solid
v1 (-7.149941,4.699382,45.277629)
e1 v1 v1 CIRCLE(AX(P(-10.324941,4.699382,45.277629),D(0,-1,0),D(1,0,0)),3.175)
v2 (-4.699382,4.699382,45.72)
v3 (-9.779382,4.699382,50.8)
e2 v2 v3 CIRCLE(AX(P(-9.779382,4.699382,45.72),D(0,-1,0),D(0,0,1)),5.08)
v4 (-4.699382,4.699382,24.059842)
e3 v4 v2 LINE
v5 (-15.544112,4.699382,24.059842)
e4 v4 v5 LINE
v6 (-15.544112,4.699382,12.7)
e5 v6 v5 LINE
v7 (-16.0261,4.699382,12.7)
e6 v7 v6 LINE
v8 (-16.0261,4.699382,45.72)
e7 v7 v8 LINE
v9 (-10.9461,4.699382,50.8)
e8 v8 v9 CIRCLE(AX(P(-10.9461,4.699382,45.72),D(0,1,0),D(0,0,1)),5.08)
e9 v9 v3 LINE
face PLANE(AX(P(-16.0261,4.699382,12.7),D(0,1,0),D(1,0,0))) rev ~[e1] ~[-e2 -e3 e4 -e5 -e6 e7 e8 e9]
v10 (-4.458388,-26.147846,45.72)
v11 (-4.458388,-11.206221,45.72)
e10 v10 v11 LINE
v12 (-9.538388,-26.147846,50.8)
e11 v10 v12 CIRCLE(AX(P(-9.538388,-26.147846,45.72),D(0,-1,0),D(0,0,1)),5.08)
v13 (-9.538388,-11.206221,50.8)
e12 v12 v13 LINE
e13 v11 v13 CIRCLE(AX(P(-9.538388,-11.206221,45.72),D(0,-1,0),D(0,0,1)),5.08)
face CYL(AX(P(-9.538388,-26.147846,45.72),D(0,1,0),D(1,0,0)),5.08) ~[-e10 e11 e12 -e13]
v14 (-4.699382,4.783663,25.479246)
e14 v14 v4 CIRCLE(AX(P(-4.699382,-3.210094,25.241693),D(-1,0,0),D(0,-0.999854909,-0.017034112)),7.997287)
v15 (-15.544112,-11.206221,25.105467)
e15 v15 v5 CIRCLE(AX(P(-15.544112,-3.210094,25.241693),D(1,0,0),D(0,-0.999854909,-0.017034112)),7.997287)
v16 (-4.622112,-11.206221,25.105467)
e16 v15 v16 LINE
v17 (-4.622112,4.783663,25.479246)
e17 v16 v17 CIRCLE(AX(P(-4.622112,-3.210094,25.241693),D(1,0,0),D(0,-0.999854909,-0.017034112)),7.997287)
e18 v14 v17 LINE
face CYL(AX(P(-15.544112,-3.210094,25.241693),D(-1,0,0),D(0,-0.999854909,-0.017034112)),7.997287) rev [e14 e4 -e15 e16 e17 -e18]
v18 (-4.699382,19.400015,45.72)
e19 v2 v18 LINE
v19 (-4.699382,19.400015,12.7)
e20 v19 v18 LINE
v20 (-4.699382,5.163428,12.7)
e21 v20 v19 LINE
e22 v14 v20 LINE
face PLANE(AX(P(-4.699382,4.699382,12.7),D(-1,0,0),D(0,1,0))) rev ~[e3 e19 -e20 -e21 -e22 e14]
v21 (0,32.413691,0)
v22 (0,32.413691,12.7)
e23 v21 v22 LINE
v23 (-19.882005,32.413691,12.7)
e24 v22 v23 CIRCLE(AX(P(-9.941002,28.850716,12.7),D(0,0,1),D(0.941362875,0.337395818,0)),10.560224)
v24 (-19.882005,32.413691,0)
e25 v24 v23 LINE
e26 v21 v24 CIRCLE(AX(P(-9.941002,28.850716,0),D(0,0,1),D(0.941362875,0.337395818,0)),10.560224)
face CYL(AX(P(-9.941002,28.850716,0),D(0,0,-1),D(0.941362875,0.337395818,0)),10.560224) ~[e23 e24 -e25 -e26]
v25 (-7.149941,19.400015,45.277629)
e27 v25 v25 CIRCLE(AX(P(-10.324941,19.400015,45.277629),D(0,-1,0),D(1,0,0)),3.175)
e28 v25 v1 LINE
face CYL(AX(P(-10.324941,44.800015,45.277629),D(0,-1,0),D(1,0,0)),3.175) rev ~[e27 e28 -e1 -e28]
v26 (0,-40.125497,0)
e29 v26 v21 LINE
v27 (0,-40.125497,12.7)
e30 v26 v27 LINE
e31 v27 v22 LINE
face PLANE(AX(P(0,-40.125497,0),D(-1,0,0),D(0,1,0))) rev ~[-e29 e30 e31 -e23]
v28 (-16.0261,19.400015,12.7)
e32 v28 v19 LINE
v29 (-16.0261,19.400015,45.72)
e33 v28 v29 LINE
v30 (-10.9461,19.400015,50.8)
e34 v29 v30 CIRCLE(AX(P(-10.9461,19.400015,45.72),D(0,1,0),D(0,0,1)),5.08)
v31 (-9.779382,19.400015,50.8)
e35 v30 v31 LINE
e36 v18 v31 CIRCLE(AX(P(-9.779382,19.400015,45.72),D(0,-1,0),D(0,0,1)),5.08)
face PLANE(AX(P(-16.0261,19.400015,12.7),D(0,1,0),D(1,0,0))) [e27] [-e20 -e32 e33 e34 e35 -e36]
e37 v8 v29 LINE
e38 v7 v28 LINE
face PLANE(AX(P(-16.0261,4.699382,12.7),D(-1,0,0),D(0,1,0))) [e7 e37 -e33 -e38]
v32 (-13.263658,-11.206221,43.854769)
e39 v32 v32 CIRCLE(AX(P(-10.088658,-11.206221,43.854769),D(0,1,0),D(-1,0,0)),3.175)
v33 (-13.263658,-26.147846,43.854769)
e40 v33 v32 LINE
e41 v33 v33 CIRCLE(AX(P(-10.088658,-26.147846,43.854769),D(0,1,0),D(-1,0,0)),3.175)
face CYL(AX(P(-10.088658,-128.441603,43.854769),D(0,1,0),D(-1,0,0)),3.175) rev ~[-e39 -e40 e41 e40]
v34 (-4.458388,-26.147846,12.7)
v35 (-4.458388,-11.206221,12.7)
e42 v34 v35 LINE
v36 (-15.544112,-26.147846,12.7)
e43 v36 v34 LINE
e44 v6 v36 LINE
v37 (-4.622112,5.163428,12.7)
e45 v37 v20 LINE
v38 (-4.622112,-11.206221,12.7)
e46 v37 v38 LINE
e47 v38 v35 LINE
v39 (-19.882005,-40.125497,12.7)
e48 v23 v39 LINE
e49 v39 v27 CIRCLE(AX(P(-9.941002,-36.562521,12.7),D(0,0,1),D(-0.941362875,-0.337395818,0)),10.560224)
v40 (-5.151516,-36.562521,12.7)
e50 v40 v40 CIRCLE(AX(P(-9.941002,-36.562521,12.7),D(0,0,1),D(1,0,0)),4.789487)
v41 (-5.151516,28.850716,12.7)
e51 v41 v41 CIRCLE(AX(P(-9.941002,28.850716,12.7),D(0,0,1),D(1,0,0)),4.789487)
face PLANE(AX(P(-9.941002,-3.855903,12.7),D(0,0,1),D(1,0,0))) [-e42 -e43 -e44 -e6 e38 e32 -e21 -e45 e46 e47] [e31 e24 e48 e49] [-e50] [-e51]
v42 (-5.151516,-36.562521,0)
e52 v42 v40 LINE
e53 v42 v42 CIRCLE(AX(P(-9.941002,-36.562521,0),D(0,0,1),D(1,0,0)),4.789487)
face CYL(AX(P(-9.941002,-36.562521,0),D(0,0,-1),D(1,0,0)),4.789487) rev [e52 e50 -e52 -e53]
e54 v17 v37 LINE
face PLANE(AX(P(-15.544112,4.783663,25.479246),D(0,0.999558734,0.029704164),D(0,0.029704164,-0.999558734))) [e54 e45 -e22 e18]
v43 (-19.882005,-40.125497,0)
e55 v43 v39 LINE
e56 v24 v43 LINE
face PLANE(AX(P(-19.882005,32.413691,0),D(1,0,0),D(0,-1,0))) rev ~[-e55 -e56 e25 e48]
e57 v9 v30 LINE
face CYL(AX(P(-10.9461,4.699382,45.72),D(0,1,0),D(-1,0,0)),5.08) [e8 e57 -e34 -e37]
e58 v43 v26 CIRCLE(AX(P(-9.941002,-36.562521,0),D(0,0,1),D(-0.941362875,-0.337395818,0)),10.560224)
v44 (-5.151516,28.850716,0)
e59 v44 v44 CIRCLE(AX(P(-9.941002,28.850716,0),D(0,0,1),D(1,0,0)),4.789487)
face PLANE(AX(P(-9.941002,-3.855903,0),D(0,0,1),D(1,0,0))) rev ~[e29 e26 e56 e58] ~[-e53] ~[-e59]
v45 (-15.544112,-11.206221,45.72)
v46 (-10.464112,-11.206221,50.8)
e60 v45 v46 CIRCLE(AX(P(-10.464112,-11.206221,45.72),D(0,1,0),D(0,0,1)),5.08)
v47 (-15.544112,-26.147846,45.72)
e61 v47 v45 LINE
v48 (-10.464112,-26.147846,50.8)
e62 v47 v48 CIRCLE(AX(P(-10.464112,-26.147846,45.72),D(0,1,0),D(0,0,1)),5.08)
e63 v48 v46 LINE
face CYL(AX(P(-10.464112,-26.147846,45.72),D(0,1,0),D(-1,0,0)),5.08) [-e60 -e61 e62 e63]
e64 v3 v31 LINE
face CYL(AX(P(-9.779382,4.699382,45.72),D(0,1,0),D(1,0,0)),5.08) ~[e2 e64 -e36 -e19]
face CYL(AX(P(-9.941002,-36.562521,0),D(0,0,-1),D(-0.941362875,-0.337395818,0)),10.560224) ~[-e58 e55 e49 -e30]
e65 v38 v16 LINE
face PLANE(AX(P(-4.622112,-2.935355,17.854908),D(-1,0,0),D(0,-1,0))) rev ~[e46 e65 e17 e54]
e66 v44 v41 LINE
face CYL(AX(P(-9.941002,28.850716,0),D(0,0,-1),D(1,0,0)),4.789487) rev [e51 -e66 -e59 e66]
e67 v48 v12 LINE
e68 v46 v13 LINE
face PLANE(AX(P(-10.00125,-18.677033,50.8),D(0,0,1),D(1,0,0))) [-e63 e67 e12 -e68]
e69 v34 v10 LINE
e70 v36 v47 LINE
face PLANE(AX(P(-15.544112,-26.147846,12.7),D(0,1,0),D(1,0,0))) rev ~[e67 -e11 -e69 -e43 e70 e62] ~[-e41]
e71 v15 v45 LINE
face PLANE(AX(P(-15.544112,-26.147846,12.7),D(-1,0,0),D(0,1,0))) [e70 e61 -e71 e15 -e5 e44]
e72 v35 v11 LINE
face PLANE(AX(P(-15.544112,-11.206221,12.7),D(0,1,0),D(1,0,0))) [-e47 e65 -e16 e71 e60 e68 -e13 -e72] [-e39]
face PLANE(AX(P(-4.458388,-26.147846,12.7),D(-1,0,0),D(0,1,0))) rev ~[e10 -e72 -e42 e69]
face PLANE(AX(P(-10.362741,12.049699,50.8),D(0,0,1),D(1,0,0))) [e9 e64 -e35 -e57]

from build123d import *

# Parameters (mm, degrees)
F0_R      = 4.789486544
F1_DEPTH  = 12.7
F2_W      = 11.0857239924
F2_H      = 14.9416252971
F3_DEPTH  = 38.1
F5_D      = 6.35
F6_R      = 5.08
F8_W      = 11.3267181441
F8_H      = 14.700633008
F9_DEPTH  = 38.1
F11_D     = 6.35
F11_DEPTH = 25.4
F11_TIP   = 1.9077324654
F12_R     = 5.08
F14_DEPTH = 10.922


with BuildPart() as f1:
    # F0 (on Top) → F1 (new body)
    with BuildSketch(Plane.XY):
        with BuildLine():
            ThreePointArc((0, 32.4136912823), (-9.941002354, 39.4109395409), (-19.8820047081, 32.4136912823))
            Line((-19.8820047081, 32.4136912823), (-19.8820047081, -40.1254966855))
            ThreePointArc((-19.8820047081, -40.1254966855), (-9.941002354, -47.1227449441), (0, -40.1254966855))
            Line((0, -40.1254966855), (0, 32.4136912823))
        make_face()
        with Locations((-9.941002354, -36.5625214439)):
            Circle(F0_R, mode=Mode.SUBTRACT)
        with Locations((-9.941002354, 28.8507160407)):
            Circle(F0_R, mode=Mode.SUBTRACT)
    extrude(amount=F1_DEPTH)

    # F2 (on face) → F3 (join)
    with BuildSketch(Plane.XY.offset(12.7)):
        with Locations((-10.0012498442, -18.677033484)):
            Rectangle(F2_W, F2_H)
    extrude(amount=F3_DEPTH)

    # F5 (through all)
    with Locations(Plane.XZ.offset(26.1478461325)):
        with Locations((-10.0886579603, 43.8547693193)):
            Hole(F5_D / 2)

    # F6
    f6_edges = [f1.edges().sort_by_distance(p)[0] for p in [
        (-4.458388, -18.677033, 50.8),
        (-15.544112, -18.677033, 50.8),
    ]]
    fillet(f6_edges, radius=F6_R)

    # F8 (on face) → F9 (join)
    with BuildSketch(Plane.XY.offset(12.7)):
        with Locations((-10.3627410717, 12.0496989693)):
            Rectangle(F8_W, F8_H)
    extrude(amount=F9_DEPTH)

    # F11
    with Locations(Plane(origin=(0, 19.4000154734, 0), x_dir=(-1, 0, 0), z_dir=(0, 1, 0))):
        with Locations((10.3249410167, 45.2776290476)):
            Hole(F11_D / 2, depth=F11_DEPTH)
            with Locations((0, 0, -(F11_DEPTH + F11_TIP / 2))):  # 118° drill point
                Cone(0, F11_D / 2, F11_TIP, mode=Mode.SUBTRACT)

    # F12
    f12_edges = [f1.edges().sort_by_distance(p)[0] for p in [
        (-4.699382, 12.049699, 50.8),
        (-16.0261, 12.049699, 50.8),
    ]]
    fillet(f12_edges, radius=F12_R)

    # F13 (on face) → F14 (join)
    with BuildSketch(Plane(origin=(-15.5441118404, 0, 0), x_dir=(0, -1, 0), z_dir=(-1, 0, 0))):
        with BuildLine():
            Line((11.2062208354, 25.3779198974), (11.2062208354, 25.1054665343))
            ThreePointArc((11.2062208354, 25.1054665343), (11.2073811699, 25.2416932159), (11.2062208354, 25.3779198974))
        make_face()
        with BuildLine():
            ThreePointArc((11.2062208354, 25.1054665343), (3.0232009523, 17.2465905604), (-4.783663433, 25.4792459309))
            Line((-4.783663433, 25.4792459309), (-5.1880729605, 11.8706798134))
            Line((-5.1880729605, 11.8706798134), (11.2062208354, 12.7))
            Line((11.2062208354, 12.7), (11.2062208354, 25.1054665343))
        make_face()
    extrude(amount=-F14_DEPTH)


solid = f1.part
